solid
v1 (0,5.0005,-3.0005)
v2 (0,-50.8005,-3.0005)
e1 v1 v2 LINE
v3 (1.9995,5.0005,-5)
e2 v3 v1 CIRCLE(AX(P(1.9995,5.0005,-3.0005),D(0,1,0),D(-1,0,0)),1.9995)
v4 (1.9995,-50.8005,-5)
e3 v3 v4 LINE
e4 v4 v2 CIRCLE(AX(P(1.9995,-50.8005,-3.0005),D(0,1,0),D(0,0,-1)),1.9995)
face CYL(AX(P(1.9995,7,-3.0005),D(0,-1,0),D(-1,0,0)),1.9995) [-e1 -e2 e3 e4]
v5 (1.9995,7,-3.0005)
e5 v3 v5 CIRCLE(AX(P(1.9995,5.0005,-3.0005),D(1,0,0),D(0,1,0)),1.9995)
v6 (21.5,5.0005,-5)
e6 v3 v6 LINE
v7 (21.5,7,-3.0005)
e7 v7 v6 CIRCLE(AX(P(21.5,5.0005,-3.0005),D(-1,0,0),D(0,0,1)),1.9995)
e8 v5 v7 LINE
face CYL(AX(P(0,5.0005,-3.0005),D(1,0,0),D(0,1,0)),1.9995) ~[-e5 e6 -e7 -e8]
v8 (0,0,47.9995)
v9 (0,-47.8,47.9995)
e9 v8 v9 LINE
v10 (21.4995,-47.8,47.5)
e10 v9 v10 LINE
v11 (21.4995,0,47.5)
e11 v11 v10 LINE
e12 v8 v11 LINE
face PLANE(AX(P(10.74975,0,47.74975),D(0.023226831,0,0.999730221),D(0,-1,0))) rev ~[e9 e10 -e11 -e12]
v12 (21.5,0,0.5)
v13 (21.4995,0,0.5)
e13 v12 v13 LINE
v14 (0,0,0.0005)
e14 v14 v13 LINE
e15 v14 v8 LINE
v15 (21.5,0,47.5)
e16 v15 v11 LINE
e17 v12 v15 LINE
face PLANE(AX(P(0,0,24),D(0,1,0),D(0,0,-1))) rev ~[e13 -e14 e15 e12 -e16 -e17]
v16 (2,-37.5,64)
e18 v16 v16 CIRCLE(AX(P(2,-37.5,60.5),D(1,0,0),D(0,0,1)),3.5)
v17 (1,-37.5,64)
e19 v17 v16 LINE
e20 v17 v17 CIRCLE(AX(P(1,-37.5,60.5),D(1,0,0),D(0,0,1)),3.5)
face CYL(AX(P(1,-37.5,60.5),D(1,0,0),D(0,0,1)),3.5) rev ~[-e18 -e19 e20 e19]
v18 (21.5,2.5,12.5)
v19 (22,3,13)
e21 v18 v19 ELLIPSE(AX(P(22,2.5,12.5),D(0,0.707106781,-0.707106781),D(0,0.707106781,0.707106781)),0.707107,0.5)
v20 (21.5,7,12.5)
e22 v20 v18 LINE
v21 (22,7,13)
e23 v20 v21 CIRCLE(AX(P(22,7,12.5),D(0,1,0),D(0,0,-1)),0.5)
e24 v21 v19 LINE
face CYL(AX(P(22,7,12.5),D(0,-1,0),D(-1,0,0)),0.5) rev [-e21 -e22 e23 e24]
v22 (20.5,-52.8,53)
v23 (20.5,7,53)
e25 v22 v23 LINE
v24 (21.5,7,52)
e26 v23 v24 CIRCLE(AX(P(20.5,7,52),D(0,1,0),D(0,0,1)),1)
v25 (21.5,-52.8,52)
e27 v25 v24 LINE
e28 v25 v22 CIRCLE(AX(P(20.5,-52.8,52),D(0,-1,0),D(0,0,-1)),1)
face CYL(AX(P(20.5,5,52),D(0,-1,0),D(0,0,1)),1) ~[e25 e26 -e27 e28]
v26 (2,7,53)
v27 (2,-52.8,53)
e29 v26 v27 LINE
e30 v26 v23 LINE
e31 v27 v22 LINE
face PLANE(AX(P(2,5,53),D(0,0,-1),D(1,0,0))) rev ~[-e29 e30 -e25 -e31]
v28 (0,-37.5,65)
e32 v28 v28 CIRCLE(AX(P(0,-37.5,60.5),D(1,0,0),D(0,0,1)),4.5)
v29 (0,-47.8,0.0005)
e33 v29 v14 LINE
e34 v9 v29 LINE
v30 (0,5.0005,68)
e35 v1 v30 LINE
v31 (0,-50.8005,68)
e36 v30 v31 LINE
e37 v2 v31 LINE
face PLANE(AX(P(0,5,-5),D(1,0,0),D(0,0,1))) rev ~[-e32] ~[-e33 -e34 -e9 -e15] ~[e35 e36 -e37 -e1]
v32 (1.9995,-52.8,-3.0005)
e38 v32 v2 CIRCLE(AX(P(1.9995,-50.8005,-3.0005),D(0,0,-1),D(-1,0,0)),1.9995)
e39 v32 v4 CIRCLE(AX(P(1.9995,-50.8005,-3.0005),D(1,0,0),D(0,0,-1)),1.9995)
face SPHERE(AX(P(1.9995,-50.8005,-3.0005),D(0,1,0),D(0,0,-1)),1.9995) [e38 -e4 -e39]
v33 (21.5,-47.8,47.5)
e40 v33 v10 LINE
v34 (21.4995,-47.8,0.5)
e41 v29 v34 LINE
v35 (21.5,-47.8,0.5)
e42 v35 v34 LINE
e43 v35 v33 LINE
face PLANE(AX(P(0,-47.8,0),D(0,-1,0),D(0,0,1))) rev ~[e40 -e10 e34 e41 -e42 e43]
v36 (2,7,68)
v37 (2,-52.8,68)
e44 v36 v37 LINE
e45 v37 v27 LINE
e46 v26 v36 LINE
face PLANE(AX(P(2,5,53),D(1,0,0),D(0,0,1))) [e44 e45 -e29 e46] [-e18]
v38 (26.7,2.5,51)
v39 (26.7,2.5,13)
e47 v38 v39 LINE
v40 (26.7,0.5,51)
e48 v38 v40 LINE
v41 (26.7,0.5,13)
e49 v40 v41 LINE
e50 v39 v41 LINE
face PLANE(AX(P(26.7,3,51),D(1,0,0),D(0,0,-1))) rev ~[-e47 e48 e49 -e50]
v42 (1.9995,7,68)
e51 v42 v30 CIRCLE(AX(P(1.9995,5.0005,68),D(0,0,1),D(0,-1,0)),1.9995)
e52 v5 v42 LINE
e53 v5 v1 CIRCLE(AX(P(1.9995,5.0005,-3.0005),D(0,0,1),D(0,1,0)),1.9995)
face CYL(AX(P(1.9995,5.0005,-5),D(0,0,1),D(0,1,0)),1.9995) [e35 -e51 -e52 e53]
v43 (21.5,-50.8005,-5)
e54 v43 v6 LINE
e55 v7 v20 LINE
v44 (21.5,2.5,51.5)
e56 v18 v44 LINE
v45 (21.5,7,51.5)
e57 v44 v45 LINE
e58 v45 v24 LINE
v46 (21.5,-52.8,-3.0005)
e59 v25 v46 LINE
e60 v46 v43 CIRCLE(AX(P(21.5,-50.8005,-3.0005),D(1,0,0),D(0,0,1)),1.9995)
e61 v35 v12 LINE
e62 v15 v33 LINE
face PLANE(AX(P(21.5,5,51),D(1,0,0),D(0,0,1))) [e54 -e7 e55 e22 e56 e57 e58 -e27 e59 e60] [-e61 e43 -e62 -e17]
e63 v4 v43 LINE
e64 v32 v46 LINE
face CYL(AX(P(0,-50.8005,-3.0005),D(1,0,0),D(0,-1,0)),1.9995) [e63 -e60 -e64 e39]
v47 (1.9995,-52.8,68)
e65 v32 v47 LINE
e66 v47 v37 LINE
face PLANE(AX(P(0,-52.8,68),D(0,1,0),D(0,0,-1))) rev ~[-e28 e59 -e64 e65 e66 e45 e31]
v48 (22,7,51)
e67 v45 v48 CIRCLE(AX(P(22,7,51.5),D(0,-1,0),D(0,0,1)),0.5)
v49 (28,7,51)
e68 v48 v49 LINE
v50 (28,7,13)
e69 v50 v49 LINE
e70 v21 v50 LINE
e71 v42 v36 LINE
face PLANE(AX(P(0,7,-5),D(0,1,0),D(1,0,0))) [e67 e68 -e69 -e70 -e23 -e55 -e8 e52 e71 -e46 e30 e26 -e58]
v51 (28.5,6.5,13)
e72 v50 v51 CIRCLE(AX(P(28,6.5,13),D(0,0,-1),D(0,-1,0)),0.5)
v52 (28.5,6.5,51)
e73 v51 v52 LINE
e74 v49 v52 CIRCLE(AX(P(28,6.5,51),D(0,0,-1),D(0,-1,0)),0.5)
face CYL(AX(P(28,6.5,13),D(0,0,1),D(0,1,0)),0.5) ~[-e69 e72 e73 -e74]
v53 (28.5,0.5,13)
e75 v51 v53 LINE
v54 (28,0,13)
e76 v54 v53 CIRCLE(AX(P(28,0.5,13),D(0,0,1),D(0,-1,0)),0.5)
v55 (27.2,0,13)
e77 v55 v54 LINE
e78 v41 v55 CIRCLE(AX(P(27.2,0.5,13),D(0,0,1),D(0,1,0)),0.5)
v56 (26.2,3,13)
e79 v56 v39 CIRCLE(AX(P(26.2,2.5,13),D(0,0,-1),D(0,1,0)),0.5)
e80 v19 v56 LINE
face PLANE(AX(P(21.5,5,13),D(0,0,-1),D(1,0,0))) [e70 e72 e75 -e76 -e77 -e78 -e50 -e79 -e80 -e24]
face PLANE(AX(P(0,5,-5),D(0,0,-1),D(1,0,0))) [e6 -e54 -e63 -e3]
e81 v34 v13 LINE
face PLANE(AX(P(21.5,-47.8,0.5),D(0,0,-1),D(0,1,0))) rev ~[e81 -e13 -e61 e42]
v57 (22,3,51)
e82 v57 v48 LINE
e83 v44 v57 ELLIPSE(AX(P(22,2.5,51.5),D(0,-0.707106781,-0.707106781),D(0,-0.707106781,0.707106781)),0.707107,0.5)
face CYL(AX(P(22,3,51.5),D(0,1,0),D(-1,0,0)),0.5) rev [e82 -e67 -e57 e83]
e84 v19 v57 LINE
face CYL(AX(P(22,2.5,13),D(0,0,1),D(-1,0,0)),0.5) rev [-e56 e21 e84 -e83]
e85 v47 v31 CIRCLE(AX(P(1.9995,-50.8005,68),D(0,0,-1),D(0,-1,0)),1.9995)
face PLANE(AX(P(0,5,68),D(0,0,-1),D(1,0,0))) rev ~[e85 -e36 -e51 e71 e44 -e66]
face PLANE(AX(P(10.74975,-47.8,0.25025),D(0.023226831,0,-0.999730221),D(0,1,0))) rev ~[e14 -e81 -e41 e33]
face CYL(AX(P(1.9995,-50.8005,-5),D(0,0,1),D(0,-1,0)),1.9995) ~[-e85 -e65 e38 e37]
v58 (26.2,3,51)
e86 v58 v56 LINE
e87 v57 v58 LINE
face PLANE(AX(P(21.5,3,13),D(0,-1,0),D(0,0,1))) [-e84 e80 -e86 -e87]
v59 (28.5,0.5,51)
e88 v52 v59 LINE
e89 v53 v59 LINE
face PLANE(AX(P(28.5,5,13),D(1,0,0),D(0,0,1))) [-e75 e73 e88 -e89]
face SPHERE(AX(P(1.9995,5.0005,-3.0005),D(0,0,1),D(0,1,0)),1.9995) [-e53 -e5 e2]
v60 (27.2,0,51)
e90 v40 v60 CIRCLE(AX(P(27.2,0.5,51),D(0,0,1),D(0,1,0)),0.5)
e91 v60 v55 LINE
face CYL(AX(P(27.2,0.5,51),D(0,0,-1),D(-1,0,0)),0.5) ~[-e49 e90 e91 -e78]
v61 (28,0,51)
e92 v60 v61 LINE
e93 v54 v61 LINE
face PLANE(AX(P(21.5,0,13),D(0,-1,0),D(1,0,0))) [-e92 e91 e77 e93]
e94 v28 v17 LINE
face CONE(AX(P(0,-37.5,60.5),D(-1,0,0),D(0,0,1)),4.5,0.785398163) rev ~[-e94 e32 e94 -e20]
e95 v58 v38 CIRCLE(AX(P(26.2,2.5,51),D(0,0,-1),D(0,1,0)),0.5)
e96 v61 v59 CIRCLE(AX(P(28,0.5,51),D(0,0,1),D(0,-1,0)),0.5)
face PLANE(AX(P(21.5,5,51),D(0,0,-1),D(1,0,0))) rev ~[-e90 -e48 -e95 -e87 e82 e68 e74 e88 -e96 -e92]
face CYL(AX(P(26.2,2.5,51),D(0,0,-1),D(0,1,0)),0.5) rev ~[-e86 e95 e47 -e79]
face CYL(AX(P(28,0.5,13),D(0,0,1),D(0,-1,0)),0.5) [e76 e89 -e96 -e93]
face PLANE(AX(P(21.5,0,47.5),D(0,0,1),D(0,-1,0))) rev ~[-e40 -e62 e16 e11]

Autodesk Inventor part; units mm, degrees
ref_plane "YZ Plane" through (0, 0, 0) normal (1, 0, 0) x (0, 1, 0)
ref_plane "XZ Plane" through (0, 0, 0) normal (0, 1, 0) x (-1, 0, 0)
ref_plane "XY Plane" through (0, 0, 0) normal (0, 0, 1) x (1, 0, 0)
sketch "Boceto1" plane through (0, 0, 0) normal (1, 0, 0) x (0, 1, 0)
  line L0 (0, 0) -> (-47.8, 0)
  line L1 (-47.8, 0) -> (-47.8, 48)
  line L2 (-47.8, 48) -> (0, 48)
  line L3 (0, 48) -> (0, 0)
  line L4 (-23.9, 48) -> (-23.9, 53)
  line L5 (-23.9, 0) -> (-23.9, -5)
  line L6 (0, 24) -> (5, 24)
  line L7 (-47.8, 24) -> (-52.8, 24)
  line L8 (5, -5) -> (-52.8, -5)
  line L9 (-52.8, -5) -> (-52.8, 53)
  line L10 (-52.8, 53) -> (5, 53)
  line L11 (5, 53) -> (5, -5)
  dimension "d0" = 47.8
  dimension "d1" = 48
  dimension "d2" = 5
  dimension "d3" = 5
  dimension "d4" = 5
  dimension "d5" = 5
extrude "Extrusión1" add sketch "Boceto1" along normal blind 21.5 contours L3 L6 L11 L8 L5 L0 | L5 L8 L9 L7 L1 L0 | L3 L2 L4 L10 L11 L6 | L7 L9 L10 L4 L2 L1
sketch "Boceto2" plane through (0, 0, 0) normal (-1, 0, 0) x (0, 0, 1)
  line L0 (53, 5) -> (53, -52.8) projected
  line L1 (53, 5) -> (68, 5)
  line L2 (68, 5) -> (68, -52.8)
  line L3 (68, -52.8) -> (53, -52.8)
  line L4 (53, -52.8) -> (53, 5)
  point P0 (0, 0)
  dimension "d8" = 15
extrude "Extrusión2" add sketch "Boceto2" against normal blind 2
sketch "Boceto3" plane through (21.5, 0, 0) normal (1, 0, 0) x (0, 0, -1)
  line L0 (-51, 5) -> (-13, 5)
  line L1 (-13, 3) -> (-51, 3)
  line L2 (-51, 5) -> (-51, 3)
  line L3 (-13, 5) -> (-13, 3)
extrude "Extrusión3" add sketch "Boceto3" along normal blind 7
sketch "Boceto4" plane through (21.5, 3, 13) normal (0, -1, 0) x (1, 0, 0)
  line L0 (0, 38) -> (7, 38) projected
  line L1 (0, 0) -> (7, 0) projected
  line L2 (7, 38) -> (5.2, 38)
  line L3 (5.2, 38) -> (5.2, 0)
  line L4 (5.2, 0) -> (7, 0)
  line L5 (7, 0) -> (7, 38)
  point P0 (-21.5, -13)
  point P1 (7, 0)
  dimension "d16" = 1.8
extrude "Extrusión4" add sketch "Boceto4" along normal blind 3
sketch "Boceto5" plane through (0, 0, 0) normal (-1, 0, 0) x (0, 0, 1)
  line L0 (60.5, 5) -> (60.5, -37.5)
  dimension "d19" = 42.5
hole "Agujero1" at (0, -37.5, 60.5) direction (1, 0, 0) diameter 7 depth 2 countersink diameter 9 countersink angle 90
fillet "Empalme3" radius 0.5 2 edges at (28.5, 0, 32) (26.7, 0, 32)
sketch "Boceto6" plane through (21.5, 0, 0) normal (1, 0, 0) x (0, 0, -1)
  line L0 (-48, -47.8) -> (-48, 0) projected
  line L1 (0, -47.8) -> (-48, -47.8) projected
  line L2 (-48, 0) -> (-47.5, 0)
  line L3 (-47.5, 0) -> (-47.5, -47.8)
  line L4 (-47.5, -47.8) -> (-48, -47.8)
  line L5 (-48, -47.8) -> (-48, 0)
  line L6 (-48, 0) -> (0, 0) projected
  line L7 (0, -47.8) -> (-0.5, -47.8)
  line L8 (-0.5, -47.8) -> (-0.5, 0)
  line L9 (-0.5, 0) -> (0, 0)
  line L10 (0, 0) -> (0, -47.8)
  dimension "d30" = 0.5
  dimension "d31" = 0.5
extrude "Extrusión5" add sketch "Boceto6" against normal blind 21.5 contours L0 L2 L3 L1 | L8 L6 L10 L1
chamfer "Chaflán1" distance 0.5 distance2 21.5 2 edges at (0, -23.9, 0.5) (0, -23.9, 47.5) measured on face at (0, -9.3443, 58.8475)
fillet "Empalme4" radius 1 1 edges at (21.5, -23.9, 53)
sketch "Boceto7" plane through (0, 5, -5) normal (0, 1, 0) x (1, 0, 0)
  arc A0 (20.5, -58) -> (21.5, -57) centre (20.5, -57) ccw projected
  line L0 (21.5, -56) -> (21.5, -57) projected
  line L1 (21.5, -56) -> (28.5, -56) projected
  line L2 (28.5, -18) -> (28.5, -56) projected
  line L3 (21.5, -18) -> (28.5, -18) projected
  line L4 (21.5, 0) -> (21.5, -18) projected
  line L5 (0, 0) -> (21.5, 0) projected
  line L6 (0, 0) -> (0, -73) projected
  line L7 (0, -73) -> (2, -73) projected
  line L8 (2, -58) -> (2, -73) projected
  line L9 (2, -58) -> (20.5, -58) projected
  point P0 (0, -5)
extrude "Extrusión6" add sketch "Boceto7" along normal blind 2
fillet "Empalme6" radius 2 5 edges at (0, 7, 31.5) (10.75, 7, -5) (0, -22.9, -5) (10.75, -52.8, -5) (0, -52.8, 31.5)
fillet "Empalme7" radius 0.5 5 edges at (28.5, 7, 32) (21.5, 3, 32) (26.7, 3, 32) (21.5, 5, 13) (21.5, 5, 51)
properties part number "cajetinparaestructura"
